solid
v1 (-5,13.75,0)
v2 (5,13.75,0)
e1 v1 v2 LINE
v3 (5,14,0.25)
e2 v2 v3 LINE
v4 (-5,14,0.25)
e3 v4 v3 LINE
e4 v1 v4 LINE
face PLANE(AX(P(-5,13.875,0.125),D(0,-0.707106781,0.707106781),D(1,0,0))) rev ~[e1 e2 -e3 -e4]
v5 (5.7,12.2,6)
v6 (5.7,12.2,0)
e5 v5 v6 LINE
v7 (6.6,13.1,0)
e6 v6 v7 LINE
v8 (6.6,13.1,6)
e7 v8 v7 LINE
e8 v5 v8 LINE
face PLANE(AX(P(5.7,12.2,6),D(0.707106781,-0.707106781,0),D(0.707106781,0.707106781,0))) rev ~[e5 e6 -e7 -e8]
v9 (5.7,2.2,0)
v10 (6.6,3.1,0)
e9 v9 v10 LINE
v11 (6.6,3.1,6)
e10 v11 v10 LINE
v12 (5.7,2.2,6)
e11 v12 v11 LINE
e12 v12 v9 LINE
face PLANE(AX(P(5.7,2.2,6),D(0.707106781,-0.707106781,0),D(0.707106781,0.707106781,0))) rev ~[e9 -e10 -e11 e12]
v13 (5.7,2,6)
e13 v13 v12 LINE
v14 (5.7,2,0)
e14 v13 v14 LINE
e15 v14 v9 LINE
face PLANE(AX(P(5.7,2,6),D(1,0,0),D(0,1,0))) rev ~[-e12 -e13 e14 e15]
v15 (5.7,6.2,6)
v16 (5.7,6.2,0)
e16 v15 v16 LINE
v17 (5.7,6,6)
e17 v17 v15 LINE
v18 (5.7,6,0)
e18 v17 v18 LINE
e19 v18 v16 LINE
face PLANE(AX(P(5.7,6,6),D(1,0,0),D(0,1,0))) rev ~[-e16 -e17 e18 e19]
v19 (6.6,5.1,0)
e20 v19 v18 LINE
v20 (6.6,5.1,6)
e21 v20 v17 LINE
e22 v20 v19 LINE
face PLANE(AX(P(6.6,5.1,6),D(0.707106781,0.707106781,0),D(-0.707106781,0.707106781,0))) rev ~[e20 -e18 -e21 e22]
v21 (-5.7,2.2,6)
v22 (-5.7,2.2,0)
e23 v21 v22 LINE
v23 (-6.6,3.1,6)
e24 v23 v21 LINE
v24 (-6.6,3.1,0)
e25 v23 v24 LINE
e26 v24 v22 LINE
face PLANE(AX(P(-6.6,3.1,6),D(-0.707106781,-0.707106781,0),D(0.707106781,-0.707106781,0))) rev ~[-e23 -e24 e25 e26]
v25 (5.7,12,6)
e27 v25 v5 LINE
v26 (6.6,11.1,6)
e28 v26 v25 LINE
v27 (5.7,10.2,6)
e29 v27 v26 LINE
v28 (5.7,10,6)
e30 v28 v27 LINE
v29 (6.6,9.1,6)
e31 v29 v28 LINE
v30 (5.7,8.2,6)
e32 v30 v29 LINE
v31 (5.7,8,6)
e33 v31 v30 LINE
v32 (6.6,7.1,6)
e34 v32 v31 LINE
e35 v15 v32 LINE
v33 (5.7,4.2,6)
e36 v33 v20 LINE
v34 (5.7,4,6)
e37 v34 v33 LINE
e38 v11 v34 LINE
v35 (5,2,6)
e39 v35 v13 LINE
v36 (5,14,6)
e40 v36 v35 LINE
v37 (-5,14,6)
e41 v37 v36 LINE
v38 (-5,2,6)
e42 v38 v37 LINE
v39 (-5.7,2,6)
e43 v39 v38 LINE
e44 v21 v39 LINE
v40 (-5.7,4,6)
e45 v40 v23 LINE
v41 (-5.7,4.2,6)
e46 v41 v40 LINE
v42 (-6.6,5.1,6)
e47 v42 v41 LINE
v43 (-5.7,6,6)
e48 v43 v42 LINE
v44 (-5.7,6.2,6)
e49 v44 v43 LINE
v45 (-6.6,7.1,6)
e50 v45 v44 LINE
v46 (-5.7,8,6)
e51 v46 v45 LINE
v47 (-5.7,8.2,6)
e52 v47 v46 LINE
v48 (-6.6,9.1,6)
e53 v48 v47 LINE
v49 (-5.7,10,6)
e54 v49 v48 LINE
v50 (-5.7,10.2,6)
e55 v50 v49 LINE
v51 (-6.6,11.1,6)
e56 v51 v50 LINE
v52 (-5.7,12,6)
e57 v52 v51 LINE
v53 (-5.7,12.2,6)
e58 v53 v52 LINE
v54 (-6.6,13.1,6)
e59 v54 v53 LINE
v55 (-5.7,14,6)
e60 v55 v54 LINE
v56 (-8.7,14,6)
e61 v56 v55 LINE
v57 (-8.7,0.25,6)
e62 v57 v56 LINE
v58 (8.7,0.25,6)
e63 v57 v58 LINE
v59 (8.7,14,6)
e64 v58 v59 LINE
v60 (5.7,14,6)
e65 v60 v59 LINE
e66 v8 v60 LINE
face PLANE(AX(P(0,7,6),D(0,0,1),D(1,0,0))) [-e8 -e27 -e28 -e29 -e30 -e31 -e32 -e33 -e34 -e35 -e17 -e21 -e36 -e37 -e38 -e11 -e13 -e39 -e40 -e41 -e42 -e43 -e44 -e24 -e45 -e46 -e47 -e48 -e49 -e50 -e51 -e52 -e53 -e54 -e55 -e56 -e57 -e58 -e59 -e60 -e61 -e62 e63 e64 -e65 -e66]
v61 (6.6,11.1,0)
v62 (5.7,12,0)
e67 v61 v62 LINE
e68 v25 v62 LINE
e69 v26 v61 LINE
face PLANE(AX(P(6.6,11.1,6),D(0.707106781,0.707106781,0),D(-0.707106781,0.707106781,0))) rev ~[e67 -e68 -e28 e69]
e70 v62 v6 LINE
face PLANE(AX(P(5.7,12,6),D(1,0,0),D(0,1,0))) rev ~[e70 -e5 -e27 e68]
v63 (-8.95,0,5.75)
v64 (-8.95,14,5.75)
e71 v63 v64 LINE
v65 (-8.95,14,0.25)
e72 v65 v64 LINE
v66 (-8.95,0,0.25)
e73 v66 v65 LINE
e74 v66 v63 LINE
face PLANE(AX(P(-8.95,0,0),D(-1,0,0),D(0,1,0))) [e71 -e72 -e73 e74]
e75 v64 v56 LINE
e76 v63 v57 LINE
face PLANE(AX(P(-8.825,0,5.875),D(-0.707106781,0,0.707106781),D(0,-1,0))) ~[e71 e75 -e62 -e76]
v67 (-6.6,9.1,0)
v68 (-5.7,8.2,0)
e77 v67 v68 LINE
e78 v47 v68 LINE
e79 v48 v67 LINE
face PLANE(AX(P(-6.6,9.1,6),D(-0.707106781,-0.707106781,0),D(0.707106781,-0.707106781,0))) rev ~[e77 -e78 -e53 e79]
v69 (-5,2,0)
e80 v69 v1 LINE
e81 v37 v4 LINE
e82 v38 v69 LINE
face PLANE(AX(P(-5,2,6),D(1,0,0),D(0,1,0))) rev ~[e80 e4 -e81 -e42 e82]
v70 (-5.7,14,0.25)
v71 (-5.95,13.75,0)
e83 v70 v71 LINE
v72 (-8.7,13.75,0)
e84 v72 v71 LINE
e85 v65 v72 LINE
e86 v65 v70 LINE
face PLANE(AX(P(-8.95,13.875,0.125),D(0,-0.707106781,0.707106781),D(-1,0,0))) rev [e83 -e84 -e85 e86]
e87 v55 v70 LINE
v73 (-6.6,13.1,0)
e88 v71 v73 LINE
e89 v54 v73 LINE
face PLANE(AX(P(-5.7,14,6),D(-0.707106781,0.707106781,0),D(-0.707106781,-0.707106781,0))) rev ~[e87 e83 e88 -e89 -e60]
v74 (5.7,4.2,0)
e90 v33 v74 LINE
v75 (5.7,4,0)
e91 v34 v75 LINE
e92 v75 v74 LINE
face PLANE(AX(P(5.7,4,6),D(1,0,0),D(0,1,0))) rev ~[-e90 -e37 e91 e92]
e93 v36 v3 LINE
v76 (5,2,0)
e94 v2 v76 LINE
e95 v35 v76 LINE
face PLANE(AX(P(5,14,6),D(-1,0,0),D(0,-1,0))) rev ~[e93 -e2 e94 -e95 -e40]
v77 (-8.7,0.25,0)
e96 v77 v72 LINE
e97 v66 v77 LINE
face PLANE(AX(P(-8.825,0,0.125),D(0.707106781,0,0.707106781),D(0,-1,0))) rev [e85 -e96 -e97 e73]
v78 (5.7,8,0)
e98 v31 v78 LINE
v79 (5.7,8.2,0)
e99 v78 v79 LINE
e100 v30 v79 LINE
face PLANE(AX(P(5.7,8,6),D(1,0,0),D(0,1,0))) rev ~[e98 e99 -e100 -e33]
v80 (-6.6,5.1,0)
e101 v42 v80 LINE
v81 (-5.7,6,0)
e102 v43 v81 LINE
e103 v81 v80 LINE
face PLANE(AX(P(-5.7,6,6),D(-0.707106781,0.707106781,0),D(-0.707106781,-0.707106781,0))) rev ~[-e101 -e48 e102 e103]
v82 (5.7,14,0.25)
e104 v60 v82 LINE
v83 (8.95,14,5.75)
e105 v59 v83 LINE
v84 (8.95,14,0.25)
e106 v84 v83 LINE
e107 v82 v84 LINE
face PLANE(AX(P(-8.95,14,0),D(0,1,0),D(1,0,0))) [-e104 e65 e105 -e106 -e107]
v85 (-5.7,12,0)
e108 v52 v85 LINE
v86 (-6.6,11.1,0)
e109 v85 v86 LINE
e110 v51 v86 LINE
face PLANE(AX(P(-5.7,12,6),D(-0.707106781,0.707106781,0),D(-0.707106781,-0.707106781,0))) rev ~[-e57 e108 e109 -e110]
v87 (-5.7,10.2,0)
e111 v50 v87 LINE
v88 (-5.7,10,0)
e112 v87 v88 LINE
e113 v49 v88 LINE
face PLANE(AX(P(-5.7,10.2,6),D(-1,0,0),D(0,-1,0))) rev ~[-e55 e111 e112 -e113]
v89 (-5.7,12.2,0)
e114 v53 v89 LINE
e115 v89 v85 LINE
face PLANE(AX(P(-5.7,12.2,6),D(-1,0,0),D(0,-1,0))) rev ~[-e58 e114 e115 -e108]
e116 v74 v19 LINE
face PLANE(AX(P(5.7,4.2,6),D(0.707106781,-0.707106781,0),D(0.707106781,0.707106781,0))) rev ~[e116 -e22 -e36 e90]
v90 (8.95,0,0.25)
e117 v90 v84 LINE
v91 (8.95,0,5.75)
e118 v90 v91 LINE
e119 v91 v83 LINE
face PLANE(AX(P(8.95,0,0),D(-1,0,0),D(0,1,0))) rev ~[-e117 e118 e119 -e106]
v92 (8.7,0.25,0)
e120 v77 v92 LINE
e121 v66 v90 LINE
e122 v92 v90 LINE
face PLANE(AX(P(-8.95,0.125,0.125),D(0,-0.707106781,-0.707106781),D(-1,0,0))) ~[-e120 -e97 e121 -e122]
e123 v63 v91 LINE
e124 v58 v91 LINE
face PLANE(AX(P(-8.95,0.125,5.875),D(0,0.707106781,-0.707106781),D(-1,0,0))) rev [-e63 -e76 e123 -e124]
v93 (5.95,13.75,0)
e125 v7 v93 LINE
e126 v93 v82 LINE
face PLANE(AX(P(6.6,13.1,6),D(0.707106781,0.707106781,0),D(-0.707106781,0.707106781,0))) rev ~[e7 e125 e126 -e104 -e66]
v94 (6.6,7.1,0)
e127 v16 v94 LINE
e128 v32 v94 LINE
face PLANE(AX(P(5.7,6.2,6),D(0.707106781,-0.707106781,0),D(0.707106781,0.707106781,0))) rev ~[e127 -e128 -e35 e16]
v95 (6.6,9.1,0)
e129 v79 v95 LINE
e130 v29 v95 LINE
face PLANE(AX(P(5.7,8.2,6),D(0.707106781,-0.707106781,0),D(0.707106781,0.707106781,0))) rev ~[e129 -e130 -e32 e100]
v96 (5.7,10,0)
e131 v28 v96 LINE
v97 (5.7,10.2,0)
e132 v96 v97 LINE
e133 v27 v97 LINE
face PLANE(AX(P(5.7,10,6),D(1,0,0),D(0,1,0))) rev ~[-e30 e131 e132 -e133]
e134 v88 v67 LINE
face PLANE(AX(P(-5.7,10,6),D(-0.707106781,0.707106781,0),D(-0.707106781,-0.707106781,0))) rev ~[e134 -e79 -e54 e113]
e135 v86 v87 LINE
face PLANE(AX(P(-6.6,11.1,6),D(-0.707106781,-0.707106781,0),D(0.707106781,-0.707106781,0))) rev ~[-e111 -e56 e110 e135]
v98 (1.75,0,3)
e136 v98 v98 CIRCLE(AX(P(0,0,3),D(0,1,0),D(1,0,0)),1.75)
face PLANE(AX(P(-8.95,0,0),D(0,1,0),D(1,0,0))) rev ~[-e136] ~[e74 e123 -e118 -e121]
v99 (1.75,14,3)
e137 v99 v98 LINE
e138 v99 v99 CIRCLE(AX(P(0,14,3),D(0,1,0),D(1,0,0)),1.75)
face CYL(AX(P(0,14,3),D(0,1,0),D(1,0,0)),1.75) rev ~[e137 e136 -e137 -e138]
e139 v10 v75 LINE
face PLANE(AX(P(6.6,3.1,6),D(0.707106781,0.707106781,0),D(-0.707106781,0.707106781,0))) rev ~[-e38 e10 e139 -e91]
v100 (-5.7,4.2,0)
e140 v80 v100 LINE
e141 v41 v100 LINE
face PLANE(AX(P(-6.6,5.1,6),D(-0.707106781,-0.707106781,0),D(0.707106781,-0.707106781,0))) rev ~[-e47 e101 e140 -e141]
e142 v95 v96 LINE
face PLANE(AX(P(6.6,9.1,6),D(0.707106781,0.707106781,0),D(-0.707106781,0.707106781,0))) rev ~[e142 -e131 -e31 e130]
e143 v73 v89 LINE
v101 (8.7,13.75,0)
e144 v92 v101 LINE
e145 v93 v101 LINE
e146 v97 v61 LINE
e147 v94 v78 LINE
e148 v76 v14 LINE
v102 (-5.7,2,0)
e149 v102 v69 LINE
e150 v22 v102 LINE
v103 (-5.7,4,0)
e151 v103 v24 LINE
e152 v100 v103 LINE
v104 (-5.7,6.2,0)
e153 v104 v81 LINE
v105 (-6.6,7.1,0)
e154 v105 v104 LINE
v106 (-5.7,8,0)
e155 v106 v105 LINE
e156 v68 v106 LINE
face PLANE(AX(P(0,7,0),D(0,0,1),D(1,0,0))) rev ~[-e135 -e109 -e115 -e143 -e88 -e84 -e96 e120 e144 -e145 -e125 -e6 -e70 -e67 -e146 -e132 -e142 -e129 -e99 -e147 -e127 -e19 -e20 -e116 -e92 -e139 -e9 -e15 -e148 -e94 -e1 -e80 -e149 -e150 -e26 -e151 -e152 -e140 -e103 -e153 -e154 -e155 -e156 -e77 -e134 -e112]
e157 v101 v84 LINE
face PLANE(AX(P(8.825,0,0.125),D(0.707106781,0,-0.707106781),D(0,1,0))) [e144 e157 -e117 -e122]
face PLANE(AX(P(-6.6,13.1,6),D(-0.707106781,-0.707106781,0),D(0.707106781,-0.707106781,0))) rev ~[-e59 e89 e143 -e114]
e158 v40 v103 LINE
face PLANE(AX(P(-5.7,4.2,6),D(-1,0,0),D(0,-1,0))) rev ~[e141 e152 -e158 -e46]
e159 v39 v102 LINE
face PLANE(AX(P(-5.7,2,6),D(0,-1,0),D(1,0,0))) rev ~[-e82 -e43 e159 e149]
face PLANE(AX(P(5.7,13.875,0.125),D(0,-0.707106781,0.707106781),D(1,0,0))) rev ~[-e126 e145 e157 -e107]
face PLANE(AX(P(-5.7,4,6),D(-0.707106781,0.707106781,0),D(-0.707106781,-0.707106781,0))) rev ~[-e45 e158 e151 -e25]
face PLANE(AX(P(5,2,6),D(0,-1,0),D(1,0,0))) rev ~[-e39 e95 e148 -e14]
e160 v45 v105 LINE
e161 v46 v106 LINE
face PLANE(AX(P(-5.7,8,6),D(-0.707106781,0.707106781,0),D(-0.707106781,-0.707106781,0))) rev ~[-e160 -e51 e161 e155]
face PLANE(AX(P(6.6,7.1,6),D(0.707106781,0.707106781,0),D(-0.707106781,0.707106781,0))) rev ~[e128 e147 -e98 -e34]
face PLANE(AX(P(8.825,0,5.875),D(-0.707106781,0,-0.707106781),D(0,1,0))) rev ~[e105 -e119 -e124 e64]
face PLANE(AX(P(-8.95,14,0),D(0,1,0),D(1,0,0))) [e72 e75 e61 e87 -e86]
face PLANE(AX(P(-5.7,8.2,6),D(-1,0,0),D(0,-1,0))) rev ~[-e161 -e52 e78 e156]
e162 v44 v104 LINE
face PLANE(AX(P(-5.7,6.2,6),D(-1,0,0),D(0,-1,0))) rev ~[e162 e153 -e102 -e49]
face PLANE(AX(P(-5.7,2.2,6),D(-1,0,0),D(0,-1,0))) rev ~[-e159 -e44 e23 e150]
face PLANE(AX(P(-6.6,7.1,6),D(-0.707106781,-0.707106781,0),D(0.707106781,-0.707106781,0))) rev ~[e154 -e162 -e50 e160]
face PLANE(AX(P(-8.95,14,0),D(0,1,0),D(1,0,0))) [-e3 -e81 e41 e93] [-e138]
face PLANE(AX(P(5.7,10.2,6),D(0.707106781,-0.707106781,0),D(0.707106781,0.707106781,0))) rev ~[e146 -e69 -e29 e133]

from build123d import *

# Parameters (mm, degrees)
SKETCH1_W           = 17.9
SKETCH1_H           = 14
BOSS_EXTRUDE1_DEPTH = 6
SKETCH2_R           = 1.75
CUT_EXTRUDE1_DEPTH  = 15
CUT_EXTRUDE2_DEPTH  = 6
CHAMFER1_SIZE       = 0.25


with BuildPart() as part:
    # Sketch1 → Boss-Extrude1 (new body)
    with BuildSketch(Plane.XY):
        with Locations((0, 7)):
            Rectangle(SKETCH1_W, SKETCH1_H)
    extrude(amount=BOSS_EXTRUDE1_DEPTH)

    # Sketch2 → Cut-Extrude1 (cut, through all)
    with BuildSketch(Plane(origin=(0, 14, 0), x_dir=(1, 0, 0), z_dir=(0, 1, 0))):
        with Locations((0, -3)):
            Circle(SKETCH2_R)
    extrude(amount=-CUT_EXTRUDE1_DEPTH, mode=Mode.SUBTRACT)

    # Sketch3 → Cut-Extrude2 (cut)
    with BuildSketch(Plane.XY.offset(6)):
        Polygon((5, 14), (5, 2), (5.7, 2), (5.7, 2.2), (6.6, 3.1), (5.7, 4), (5.7, 4.2), (6.6, 5.1), (5.7, 6), (5.7, 6.2), (6.6, 7.1), (5.7, 8), (5.7, 8.2), (6.6, 9.1), (5.7, 10), (5.7, 10.2), (6.6, 11.1), (5.7, 12), (5.7, 12.2), (6.6, 13.1), (5.7, 14), align=None)
        Polygon((-5.7, 2.2), (-5.7, 2), (-5, 2), (-5, 14), (-5.7, 14), (-6.6, 13.1), (-5.7, 12.2), (-5.7, 12), (-6.6, 11.1), (-5.7, 10.2), (-5.7, 10), (-6.6, 9.1), (-5.7, 8.2), (-5.7, 8), (-6.6, 7.1), (-5.7, 6.2), (-5.7, 6), (-6.6, 5.1), (-5.7, 4.2), (-5.7, 4), (-6.6, 3.1), align=None)
    extrude(amount=-CUT_EXTRUDE2_DEPTH, mode=Mode.SUBTRACT)

    # Chamfer1
    chamfer1_edges = [part.edges().sort_by_distance(p)[0] for p in [
        (8.95, 7, 6),
        (0, 14, 0),
        (-7.325, 14, 0),
        (-8.95, 7, 6),
        (7.325, 14, 0),
        (8.95, 7, 0),
        (0, 0, 0),
        (-8.95, 7, 0),
        (0, 0, 6),
    ]]
    chamfer(chamfer1_edges, length=CHAMFER1_SIZE)


solid = part.part
